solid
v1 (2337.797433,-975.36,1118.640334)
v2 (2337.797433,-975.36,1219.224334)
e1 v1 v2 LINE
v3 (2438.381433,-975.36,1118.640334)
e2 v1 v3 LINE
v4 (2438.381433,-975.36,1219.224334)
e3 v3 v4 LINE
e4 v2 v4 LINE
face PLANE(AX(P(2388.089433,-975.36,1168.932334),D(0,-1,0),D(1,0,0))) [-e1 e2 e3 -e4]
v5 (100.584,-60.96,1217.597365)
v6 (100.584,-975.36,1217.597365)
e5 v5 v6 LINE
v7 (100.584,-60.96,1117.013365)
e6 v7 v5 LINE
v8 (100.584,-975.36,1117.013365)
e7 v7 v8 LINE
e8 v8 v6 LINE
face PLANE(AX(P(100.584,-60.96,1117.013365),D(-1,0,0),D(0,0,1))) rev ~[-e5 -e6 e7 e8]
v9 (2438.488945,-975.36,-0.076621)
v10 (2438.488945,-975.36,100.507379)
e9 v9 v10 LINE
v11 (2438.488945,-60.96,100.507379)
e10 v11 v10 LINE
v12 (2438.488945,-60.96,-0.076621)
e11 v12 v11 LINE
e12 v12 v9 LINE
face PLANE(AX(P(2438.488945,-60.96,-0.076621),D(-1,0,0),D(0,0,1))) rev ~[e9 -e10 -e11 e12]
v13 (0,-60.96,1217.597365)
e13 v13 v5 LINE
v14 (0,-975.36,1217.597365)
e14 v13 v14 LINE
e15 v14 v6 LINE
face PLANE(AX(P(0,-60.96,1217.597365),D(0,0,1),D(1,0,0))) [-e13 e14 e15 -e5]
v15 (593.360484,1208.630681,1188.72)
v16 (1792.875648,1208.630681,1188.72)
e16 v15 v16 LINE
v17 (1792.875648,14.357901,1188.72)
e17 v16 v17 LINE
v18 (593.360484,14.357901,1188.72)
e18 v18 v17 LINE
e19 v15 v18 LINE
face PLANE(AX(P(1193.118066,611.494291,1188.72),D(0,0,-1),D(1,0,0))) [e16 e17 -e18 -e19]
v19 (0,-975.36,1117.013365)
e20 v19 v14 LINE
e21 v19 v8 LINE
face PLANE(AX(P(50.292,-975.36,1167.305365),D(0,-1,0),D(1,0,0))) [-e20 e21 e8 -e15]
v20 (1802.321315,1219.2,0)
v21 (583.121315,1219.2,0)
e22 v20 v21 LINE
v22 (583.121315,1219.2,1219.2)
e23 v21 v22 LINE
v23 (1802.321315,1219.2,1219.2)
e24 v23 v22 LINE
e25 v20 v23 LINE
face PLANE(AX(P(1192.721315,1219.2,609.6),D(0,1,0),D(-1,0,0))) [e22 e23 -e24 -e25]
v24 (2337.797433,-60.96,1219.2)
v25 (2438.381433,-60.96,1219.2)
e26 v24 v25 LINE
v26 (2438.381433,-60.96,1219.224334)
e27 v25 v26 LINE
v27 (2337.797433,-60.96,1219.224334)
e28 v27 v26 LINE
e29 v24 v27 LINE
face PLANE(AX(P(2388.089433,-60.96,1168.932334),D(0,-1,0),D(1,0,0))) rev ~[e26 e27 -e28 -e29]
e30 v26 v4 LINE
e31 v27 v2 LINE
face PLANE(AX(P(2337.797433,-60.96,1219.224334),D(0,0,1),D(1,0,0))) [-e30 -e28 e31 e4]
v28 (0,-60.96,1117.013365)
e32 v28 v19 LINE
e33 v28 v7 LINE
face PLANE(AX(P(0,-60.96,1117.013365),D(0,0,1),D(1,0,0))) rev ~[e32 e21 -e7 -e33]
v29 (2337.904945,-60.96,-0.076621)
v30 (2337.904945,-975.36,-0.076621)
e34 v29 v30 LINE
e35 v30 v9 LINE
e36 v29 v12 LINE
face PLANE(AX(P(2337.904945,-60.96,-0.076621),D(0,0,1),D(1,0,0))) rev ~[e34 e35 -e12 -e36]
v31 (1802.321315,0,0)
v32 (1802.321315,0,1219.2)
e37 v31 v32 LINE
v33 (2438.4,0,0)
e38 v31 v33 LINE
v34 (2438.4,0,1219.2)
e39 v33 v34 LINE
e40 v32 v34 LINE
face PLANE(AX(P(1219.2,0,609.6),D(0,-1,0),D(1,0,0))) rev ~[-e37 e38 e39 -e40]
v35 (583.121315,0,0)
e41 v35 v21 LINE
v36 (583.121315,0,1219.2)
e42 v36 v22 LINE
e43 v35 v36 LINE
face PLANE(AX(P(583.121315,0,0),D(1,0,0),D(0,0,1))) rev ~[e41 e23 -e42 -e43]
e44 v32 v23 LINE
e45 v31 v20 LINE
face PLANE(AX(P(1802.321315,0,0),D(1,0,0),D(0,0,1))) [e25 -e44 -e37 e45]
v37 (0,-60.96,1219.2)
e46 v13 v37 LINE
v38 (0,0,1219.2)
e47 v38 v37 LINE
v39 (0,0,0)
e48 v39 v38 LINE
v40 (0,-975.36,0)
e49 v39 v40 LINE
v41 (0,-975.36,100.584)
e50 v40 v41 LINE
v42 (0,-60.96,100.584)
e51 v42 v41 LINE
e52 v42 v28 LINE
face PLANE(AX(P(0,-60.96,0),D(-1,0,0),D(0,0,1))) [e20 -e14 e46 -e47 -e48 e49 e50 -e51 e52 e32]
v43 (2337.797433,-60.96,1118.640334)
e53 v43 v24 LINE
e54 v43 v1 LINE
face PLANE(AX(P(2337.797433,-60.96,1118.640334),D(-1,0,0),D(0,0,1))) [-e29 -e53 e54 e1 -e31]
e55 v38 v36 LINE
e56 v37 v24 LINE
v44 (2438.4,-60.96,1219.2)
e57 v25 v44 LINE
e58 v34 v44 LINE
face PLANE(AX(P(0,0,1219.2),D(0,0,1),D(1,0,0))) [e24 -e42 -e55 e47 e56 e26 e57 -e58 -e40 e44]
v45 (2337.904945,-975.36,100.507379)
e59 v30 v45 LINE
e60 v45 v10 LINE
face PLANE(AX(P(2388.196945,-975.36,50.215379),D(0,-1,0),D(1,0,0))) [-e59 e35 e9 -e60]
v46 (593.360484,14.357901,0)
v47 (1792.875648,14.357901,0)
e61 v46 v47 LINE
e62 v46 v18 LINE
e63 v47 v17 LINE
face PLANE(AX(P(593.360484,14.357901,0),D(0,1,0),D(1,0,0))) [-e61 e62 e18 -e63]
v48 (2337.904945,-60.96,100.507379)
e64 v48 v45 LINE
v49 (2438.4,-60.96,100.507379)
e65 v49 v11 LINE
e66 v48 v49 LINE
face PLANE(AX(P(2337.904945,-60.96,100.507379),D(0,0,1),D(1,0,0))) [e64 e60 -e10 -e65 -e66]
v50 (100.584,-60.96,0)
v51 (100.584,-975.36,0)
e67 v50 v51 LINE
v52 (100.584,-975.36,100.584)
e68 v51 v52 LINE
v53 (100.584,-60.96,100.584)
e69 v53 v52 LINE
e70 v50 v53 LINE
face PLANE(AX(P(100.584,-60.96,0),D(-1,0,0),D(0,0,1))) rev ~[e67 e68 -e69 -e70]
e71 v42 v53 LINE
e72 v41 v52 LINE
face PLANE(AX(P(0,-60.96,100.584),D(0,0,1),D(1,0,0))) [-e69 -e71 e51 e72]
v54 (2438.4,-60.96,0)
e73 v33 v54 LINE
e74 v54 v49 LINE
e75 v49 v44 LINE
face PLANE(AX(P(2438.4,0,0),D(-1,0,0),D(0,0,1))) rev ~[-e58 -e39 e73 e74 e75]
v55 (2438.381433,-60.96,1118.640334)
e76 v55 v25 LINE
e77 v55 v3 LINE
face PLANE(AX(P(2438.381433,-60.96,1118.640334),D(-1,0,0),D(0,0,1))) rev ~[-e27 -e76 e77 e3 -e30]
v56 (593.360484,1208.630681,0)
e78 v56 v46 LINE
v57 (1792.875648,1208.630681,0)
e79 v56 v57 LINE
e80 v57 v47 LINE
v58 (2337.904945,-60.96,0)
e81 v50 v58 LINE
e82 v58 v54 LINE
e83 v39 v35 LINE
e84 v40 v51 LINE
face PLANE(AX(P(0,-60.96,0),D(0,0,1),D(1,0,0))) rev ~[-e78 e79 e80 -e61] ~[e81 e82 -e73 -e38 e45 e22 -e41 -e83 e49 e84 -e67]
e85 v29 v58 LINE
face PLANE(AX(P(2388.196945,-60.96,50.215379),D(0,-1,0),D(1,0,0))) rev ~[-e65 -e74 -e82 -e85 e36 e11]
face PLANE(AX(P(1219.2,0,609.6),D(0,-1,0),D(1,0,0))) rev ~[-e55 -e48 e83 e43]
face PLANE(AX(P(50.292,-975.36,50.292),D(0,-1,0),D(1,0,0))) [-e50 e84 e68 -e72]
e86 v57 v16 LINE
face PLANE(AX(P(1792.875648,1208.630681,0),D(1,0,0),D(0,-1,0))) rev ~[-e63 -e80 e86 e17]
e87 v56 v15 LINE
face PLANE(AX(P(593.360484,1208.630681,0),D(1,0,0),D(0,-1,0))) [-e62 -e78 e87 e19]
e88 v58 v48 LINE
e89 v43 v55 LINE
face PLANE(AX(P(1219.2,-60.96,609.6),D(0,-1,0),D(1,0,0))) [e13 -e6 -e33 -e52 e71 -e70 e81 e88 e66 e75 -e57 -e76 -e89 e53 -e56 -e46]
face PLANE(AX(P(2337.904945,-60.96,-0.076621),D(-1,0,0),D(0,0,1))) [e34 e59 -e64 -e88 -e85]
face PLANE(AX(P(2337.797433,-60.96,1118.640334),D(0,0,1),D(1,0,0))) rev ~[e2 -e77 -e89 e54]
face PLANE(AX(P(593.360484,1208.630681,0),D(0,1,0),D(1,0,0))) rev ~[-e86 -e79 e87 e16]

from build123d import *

# Parameters (mm, degrees)
F0_W     = 2438.4
F0_H     = 1219.2
F1_DEPTH = 60.96
F3_W     = 100.584
F3_H     = 100.584
F4_DEPTH = 914.4
F5_W     = 1219.2
F5_H     = 1219.2
F6_DEPTH = 1219.2
F7_W     = 1199.515164
F7_H     = 1194.27278
F8_DEPTH = 1188.72


with BuildPart() as f1:
    # F0 (on Front) → F1 (new body)
    with BuildSketch(Plane.XZ):
        with Locations((1219.2, 609.6)):
            Rectangle(F0_W, F0_H)
    extrude(amount=F1_DEPTH)

    # F3 (on face) → F4 (join)
    with BuildSketch(Plane.XZ.offset(60.96)):
        with Locations((50.292, 50.292)):
            Rectangle(F3_W, F3_H)
        with Locations((50.292, 1167.305365)):
            Rectangle(F3_W, F3_H)
        with Locations((2388.089433, 1168.932334)):
            Rectangle(F3_W, F3_H)
        with Locations((2388.196945, 50.215379)):
            Rectangle(F3_W, F3_H)
    extrude(amount=F4_DEPTH)

    # F5 (on face) → F6 (join)
    with BuildSketch(Plane(origin=(0, 0, 0), x_dir=(-1, 0, 0), z_dir=(0, 1, 0))):
        with Locations((-1192.721315, 609.6)):
            Rectangle(F5_W, F5_H)
    extrude(amount=F6_DEPTH)

    # F7 (on face) → F8 (cut)
    with BuildSketch(Plane(origin=(0, 0, 0), x_dir=(1, 0, 0), z_dir=(0, 0, -1))):
        with Locations((1193.118066, -611.494291)):
            Rectangle(F7_W, F7_H)
    extrude(amount=-F8_DEPTH, mode=Mode.SUBTRACT)


solid = f1.part
